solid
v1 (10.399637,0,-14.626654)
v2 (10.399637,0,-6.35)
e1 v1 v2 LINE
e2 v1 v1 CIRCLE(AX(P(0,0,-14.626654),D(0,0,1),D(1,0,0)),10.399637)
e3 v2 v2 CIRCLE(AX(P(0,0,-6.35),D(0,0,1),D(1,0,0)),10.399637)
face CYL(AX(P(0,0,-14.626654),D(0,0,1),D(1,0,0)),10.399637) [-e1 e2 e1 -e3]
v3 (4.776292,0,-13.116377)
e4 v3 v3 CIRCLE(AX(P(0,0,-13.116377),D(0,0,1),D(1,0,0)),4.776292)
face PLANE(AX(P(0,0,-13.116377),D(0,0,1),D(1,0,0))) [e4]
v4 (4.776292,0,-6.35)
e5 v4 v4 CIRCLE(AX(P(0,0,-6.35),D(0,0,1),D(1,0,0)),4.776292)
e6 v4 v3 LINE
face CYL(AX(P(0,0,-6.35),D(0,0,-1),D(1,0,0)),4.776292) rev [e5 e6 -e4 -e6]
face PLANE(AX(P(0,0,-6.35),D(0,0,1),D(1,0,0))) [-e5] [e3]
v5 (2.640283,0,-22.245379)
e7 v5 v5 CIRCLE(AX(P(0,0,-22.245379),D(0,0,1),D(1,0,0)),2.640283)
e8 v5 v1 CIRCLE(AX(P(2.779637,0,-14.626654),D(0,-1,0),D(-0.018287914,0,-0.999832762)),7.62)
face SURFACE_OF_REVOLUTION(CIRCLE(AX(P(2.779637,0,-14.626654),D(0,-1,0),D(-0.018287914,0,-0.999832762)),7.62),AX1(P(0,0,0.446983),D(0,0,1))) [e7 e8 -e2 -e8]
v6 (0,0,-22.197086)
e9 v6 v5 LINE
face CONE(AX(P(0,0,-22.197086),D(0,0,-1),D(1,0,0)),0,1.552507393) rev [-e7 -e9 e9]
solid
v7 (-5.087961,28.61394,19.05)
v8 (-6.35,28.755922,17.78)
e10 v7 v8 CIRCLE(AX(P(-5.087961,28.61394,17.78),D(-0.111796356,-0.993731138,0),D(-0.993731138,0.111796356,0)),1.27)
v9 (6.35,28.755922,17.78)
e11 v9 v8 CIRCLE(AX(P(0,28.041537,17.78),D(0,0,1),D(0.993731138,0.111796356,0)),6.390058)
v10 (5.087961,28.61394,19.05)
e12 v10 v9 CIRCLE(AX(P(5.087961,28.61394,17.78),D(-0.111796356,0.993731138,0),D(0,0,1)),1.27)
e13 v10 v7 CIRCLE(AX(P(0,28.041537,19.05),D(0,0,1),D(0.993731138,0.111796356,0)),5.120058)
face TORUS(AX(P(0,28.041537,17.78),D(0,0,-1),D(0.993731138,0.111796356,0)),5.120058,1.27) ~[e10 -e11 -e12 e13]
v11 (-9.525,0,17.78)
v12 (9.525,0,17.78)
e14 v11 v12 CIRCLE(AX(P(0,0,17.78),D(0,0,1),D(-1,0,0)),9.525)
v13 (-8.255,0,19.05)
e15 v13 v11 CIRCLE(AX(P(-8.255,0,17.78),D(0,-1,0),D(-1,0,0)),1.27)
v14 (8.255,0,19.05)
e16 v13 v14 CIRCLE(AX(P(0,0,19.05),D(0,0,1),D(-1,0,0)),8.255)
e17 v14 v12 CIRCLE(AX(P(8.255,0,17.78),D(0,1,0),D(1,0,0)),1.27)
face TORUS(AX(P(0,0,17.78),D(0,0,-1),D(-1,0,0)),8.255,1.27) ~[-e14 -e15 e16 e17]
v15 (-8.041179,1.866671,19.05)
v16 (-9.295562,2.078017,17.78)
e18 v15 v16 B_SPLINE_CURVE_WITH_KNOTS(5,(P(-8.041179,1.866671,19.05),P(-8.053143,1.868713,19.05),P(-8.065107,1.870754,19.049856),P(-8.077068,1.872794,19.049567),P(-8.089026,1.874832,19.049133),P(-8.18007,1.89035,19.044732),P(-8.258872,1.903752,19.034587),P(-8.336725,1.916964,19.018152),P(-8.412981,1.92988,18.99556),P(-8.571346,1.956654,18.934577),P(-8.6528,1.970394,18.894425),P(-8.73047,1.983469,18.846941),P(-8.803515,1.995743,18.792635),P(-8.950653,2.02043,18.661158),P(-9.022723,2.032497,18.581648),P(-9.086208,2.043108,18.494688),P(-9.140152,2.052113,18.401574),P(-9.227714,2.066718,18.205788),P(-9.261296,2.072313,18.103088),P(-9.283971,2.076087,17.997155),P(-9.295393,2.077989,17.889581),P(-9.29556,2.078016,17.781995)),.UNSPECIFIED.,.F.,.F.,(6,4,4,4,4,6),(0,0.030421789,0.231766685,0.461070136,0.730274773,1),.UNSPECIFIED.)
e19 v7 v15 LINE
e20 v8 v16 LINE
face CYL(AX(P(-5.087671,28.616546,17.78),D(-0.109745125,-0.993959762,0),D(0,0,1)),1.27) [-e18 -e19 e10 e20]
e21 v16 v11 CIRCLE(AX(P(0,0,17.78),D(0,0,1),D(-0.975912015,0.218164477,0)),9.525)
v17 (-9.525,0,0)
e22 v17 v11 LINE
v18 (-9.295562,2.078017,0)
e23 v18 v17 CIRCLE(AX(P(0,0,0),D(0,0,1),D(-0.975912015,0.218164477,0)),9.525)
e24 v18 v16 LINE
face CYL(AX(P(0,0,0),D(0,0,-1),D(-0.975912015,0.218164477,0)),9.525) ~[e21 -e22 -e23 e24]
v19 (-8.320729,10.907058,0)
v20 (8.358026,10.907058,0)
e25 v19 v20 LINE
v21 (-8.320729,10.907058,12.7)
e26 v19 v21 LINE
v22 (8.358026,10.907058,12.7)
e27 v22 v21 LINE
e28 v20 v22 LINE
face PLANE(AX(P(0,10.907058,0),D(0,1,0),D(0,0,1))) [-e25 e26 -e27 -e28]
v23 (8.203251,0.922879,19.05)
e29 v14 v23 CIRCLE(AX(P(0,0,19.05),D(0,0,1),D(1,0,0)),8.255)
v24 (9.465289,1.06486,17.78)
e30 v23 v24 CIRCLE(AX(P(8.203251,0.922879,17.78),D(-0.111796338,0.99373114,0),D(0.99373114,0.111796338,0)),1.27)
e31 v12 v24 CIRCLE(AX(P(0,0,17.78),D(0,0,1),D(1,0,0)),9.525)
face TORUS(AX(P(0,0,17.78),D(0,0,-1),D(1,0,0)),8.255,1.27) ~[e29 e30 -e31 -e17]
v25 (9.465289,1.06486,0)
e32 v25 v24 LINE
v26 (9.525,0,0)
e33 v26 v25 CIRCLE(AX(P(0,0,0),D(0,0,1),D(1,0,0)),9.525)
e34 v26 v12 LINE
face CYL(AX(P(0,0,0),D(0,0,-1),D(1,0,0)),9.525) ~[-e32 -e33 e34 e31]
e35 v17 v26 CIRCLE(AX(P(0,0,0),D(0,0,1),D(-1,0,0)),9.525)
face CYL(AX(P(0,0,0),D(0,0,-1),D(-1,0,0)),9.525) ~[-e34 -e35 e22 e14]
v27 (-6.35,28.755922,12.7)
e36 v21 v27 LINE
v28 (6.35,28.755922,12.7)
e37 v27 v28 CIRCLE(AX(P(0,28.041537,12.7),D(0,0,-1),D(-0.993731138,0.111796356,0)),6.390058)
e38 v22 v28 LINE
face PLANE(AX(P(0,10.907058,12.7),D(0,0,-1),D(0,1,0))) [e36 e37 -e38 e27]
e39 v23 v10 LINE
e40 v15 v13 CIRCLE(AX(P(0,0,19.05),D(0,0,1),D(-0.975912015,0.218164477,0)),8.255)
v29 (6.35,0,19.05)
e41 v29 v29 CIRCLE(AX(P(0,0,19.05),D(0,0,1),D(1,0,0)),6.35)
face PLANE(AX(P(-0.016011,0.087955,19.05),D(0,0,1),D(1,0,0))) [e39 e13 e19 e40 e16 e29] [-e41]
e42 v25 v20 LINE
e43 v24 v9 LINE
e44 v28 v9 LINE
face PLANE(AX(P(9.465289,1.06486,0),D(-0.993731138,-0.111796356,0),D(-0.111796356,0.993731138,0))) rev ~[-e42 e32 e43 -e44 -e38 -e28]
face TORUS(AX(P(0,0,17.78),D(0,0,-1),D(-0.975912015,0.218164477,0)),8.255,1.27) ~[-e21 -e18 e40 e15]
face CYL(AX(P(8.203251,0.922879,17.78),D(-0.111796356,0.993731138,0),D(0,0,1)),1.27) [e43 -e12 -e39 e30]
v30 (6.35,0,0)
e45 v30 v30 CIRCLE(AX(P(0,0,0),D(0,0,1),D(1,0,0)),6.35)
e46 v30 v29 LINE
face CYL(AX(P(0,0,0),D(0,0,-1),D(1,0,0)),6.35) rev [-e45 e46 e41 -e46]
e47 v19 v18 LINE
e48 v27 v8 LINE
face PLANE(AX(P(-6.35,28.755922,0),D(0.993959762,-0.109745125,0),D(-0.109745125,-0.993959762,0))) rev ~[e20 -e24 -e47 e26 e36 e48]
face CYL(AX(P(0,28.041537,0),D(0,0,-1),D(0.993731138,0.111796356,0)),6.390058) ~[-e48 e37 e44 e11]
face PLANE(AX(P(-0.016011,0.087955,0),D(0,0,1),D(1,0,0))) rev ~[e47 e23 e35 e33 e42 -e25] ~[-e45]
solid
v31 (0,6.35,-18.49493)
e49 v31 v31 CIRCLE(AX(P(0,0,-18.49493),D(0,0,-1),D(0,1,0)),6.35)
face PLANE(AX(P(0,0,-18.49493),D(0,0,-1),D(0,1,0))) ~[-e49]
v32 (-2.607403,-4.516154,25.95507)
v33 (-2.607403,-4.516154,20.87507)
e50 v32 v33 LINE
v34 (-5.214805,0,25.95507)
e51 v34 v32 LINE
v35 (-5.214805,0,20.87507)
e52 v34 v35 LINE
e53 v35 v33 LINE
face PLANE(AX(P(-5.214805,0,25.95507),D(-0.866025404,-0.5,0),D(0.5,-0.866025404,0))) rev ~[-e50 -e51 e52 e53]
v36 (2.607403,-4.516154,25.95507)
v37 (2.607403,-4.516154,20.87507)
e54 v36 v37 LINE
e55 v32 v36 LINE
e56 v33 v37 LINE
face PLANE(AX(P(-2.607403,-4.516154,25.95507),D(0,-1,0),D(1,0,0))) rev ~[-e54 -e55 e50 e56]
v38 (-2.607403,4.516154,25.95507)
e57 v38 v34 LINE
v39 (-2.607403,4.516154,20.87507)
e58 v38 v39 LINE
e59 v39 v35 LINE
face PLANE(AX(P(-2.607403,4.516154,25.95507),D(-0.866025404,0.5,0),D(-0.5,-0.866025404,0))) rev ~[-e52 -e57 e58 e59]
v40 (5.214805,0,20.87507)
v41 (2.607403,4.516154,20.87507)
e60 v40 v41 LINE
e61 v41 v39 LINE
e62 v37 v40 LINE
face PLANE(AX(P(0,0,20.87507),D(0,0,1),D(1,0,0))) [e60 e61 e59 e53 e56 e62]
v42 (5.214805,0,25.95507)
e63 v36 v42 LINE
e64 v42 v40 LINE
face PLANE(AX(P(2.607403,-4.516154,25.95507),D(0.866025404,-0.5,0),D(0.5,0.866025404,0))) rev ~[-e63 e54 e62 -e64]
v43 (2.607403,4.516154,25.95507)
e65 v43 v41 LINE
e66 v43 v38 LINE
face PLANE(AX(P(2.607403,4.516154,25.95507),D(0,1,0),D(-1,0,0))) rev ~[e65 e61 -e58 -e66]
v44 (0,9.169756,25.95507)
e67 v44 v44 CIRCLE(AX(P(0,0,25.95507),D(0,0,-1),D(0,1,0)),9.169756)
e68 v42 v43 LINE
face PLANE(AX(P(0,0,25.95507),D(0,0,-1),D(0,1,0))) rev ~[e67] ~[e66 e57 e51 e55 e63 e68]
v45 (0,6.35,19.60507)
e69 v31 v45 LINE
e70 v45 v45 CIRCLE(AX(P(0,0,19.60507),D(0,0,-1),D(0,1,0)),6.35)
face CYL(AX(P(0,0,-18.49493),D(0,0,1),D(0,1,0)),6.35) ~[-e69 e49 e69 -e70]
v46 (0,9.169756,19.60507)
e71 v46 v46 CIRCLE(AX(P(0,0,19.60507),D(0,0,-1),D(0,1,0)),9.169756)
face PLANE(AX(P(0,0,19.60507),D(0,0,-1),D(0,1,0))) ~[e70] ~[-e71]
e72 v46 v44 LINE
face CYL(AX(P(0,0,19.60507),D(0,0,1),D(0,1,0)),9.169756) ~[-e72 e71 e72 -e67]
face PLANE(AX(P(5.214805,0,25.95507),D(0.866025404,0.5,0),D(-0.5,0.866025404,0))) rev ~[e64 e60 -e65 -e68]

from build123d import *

# Parameters (mm, degrees)
F0_R          = 6.35
F1_DEPTH      = 19.05
F2_W          = 33.4682341514
F2_H          = 12.7
F3_DEPTH      = 25.4
F3_DEPTH_BACK = 25.4
F4_R          = 1.27
F8_DEPTH      = 5.08


with BuildPart() as f1:
    # F0 (on Top) → F1 (new body)
    with BuildSketch(Plane.XY):
        with BuildLine():
            Line((-9.2955619432, 2.0780166408), (-9.525, 0))
            ThreePointArc((-9.525, 0), (0, -9.525), (9.525, 0))
            ThreePointArc((9.525, 0), (9.5100605616, 0.5332664573), (9.4652891098, 1.0648601164))
            ThreePointArc((9.4652891098, 1.0648601164), (0.5136373852, 9.5111409219), (-9.2955619432, 2.0780166408))
        make_face()
        Circle(F0_R, mode=Mode.SUBTRACT)
        with BuildLine():
            ThreePointArc((-9.2955619432, 2.0780166408), (-9.4674667285, 1.0453223165), (-9.525, 0))
            Line((-9.525, 0), (-9.2955619432, 2.0780166408))
        make_face()
        with BuildLine():
            Line((-6.35, 28.7559218705), (-9.2955619432, 2.0780166408))
            ThreePointArc((-9.2955619432, 2.0780166408), (0.5136373852, 9.5111409219), (9.4652891098, 1.0648601164))
            Line((9.4652891098, 1.0648601164), (6.35, 28.7559218705))
            ThreePointArc((6.35, 28.7559218705), (0, 34.4315950223), (-6.35, 28.7559218705))
        make_face()
    extrude(amount=F1_DEPTH)

    # F2 (on Right) → F3 (cut, two sides)
    with BuildSketch(Plane.YZ) as f3_sk:
        with Locations((27.6411754268, 6.35)):
            Rectangle(F2_W, F2_H)
    extrude(amount=-F3_DEPTH, mode=Mode.SUBTRACT)
    extrude(f3_sk.sketch, amount=F3_DEPTH_BACK, mode=Mode.SUBTRACT)

    # F4
    f4_edges = [f1.edges().sort_by_distance(p)[0] for p in [
        (7.907645, 14.910391, 19.05),
        (0, 34.431595, 19.05),
        (-7.822781, 15.416969, 19.05),
        (-0.513637, -9.511141, 19.05),
    ]]
    fillet(f4_edges, radius=F4_R)


with BuildPart() as f6:
    # F5 (on Right) → F6 (revolve)
    with BuildSketch(Plane.YZ):
        Polygon((0, 25.9550701678), (0, -18.4949298322), (6.35, -18.4949298322), (6.35, 19.6050701678), (9.1697558698, 19.6050701678), (9.1697558698, 25.9550701678), align=None)
    revolve(axis=Axis((0, 0, 0.1489948481), (0, 0, -1)))

    # F7 (on face) → F8 (cut)
    with BuildSketch(Plane.XY.offset(25.9550701678)):
        Polygon((2.6074026246, -4.5161538215), (5.2148052491, 0), (2.6074026246, 4.5161538215), (-2.6074026246, 4.5161538215), (-5.2148052491, 0), (-2.6074026246, -4.5161538215), align=None)
    extrude(amount=-F8_DEPTH, mode=Mode.SUBTRACT)


with BuildPart() as f11:
    # F10 (on Front) → F11 (revolve)
    with BuildSketch(Plane.XZ):
        with BuildLine():
            ThreePointArc((2.6402827352, -22.2453791648), (8.1182939288, -20.0638530165), (10.3996366436, -14.6266535176))
            Line((10.3996366436, -14.6266535176), (10.3996366436, -6.35))
            Line((10.3996366436, -6.35), (4.7762921357, -6.35))
            Line((4.7762921357, -6.35), (4.7762921357, -13.1163768195))
            Line((4.7762921357, -13.1163768195), (0, -13.1163768195))
            Line((0, -13.1163768195), (0, -22.1970858235))
            Line((0, -22.1970858235), (2.6402827352, -22.2453791648))
        make_face()
    revolve(axis=Axis((0, 0, 0.4469826818), (0, 0, 1)))


solid = Compound([f1.part, f6.part, f11.part])
